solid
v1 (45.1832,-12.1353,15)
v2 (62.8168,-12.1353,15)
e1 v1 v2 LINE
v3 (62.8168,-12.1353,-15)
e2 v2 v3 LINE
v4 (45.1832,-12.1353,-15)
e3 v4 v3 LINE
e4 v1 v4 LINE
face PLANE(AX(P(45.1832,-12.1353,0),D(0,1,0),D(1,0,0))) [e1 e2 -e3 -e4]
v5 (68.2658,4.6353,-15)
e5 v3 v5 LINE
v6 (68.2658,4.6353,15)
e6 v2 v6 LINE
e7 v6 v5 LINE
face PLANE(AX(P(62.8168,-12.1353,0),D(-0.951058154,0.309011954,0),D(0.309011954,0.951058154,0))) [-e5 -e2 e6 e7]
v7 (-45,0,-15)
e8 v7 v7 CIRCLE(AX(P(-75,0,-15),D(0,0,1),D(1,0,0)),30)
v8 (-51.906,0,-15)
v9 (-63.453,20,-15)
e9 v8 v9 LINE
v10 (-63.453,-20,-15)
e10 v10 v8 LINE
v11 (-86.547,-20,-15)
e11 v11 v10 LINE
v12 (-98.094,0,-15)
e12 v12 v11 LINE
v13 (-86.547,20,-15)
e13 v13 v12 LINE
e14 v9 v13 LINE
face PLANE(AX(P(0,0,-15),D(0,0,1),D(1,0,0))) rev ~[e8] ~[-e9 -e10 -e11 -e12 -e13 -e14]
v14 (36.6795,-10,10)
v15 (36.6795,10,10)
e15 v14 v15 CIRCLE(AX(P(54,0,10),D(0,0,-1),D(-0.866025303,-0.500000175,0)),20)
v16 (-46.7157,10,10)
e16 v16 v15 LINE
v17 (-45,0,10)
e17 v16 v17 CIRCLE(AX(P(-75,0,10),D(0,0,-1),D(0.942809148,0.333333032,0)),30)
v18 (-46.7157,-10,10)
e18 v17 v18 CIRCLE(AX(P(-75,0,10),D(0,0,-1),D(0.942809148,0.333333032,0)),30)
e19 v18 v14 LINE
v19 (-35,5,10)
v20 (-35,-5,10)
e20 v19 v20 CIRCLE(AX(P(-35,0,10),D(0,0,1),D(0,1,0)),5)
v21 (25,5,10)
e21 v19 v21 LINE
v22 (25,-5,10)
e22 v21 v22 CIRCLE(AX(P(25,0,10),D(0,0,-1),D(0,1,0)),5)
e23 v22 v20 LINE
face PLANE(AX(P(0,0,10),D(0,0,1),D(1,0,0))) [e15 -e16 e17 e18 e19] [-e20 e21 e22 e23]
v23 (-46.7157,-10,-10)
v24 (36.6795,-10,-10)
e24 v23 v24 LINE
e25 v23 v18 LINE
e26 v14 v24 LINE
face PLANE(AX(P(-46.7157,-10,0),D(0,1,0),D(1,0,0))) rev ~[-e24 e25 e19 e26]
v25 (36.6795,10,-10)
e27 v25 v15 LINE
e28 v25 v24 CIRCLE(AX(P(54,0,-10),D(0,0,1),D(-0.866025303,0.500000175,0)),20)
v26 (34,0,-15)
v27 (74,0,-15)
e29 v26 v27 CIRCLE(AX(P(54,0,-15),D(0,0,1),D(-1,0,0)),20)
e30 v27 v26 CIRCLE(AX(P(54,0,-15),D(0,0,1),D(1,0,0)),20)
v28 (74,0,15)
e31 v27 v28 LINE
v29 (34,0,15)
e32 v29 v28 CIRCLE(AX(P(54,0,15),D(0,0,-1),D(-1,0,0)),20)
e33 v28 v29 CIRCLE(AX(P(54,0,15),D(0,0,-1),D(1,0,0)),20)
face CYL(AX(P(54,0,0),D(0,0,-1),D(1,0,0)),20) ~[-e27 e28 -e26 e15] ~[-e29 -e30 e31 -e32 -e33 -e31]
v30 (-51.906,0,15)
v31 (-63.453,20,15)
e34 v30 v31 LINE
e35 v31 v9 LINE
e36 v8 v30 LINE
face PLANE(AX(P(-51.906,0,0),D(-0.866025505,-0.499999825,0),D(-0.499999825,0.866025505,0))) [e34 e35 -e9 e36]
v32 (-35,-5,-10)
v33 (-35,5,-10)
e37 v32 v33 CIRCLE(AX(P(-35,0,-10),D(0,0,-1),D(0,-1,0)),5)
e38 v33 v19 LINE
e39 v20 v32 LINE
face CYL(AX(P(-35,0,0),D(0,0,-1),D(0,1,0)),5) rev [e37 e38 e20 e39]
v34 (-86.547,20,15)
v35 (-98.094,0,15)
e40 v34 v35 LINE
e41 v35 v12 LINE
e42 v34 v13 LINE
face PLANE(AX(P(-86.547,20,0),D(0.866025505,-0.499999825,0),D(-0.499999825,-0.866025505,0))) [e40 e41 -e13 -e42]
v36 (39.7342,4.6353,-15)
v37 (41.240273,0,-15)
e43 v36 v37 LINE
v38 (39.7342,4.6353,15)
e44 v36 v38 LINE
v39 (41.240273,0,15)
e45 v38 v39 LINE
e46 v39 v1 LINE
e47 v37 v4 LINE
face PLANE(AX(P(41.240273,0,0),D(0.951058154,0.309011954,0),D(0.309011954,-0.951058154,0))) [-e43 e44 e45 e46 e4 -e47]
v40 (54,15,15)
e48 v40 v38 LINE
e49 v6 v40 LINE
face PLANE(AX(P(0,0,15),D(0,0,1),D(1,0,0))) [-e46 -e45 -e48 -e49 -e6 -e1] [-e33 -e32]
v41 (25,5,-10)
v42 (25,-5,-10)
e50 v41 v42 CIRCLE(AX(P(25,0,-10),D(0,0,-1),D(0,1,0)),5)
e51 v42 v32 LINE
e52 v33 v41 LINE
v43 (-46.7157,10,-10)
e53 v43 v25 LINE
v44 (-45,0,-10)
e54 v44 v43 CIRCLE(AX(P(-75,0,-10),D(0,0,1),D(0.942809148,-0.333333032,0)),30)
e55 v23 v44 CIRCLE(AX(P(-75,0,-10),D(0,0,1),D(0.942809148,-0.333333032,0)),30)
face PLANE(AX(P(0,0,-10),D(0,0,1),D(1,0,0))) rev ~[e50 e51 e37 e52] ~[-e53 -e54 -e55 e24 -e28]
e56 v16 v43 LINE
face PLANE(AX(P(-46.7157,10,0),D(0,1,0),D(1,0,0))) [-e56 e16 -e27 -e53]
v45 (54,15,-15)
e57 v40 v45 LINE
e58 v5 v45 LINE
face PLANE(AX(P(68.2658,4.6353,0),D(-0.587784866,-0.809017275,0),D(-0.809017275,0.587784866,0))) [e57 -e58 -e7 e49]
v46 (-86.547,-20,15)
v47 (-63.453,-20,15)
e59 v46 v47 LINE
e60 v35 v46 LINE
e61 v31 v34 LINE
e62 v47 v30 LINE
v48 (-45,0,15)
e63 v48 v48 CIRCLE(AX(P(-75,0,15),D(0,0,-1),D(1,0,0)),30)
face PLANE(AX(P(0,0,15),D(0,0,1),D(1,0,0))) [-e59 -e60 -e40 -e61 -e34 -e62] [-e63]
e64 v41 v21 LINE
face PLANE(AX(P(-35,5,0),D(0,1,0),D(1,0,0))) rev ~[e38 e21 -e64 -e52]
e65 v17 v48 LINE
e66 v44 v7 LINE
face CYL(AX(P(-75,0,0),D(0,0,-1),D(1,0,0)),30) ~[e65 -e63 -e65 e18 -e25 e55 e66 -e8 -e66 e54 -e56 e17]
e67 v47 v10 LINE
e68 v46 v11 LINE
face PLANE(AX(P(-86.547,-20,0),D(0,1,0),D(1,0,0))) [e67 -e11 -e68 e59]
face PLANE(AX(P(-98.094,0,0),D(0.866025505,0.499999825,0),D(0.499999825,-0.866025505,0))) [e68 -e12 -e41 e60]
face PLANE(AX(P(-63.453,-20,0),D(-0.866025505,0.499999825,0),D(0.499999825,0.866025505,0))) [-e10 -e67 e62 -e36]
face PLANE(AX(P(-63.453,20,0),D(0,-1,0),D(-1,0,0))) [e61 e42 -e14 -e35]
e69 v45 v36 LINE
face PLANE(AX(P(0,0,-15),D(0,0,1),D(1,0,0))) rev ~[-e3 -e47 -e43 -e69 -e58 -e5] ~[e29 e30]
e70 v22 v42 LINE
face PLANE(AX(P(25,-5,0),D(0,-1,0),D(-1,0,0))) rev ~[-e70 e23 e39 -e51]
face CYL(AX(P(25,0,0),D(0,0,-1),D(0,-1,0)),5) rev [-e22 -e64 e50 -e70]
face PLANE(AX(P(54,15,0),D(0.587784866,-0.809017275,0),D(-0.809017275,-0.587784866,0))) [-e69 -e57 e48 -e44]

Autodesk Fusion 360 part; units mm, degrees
sketch "Sketch1" plane through (0, 0, 0) normal (0, 0, 1) x (1, 0, 0)
  circle A0 centre (-75, 0) radius 30
  circle A1 centre (54, 0) radius 20
  line L0 (-86.547, 20) -> (-98.094, 0)
  line L1 (-98.094, 0) -> (-86.547, -20)
  line L2 (-86.547, -20) -> (-63.453, -20)
  line L3 (-63.453, -20) -> (-51.906, 0)
  line L4 (-51.906, 0) -> (-63.453, 20)
  line L5 (-63.453, 20) -> (-86.547, 20)
  line L6 (54, 15) -> (39.7342, 4.6353)
  line L7 (39.7342, 4.6353) -> (45.1832, -12.1353)
  line L8 (45.1832, -12.1353) -> (62.8168, -12.1353)
  line L9 (62.8168, -12.1353) -> (68.2658, 4.6353)
  line L10 (68.2658, 4.6353) -> (54, 15)
  line L11 (-46.7157, 10) -> (36.6795, 10)
  line L12 (-46.7157, -10) -> (36.6795, -10)
  line L13 (-35, 5) -> (25, 5)
  line L14 (25, -5) -> (-35, -5)
  arc A2 (25, -5) -> (25, 5) centre (25, 0) ccw
  line L15 (-75, 0) -> (-40, 0)
  line L16 (30, 0) -> (54, 0)
  arc A3 (-35, 5) -> (-35, -5) centre (-35, 0) ccw
  point P0 (-75, 0)
  point P1 (54, 0)
  dimension "d1" = 60
  dimension "d2" = 129
  dimension "d3" = 40
  dimension "d4" = 20
  dimension "d5" = 15
  dimension "d6" = 10
  dimension "d7" = 10
extrude "Extrude1" add sketch "Sketch1" along normal mid plane 30 contours A0 | A1 makes body 1 at (-45.1491, -2.987, 10) makes body 2 at (73.9006, -1.9914, 10)
extrude "Extrude2" add sketch "Sketch1" along normal mid plane 20 contours A0 A1 L12 L14 A2 L15 L16 A3 | A0 A1 L11 L13 A2 L15 L16 A3 bodies 1 2
